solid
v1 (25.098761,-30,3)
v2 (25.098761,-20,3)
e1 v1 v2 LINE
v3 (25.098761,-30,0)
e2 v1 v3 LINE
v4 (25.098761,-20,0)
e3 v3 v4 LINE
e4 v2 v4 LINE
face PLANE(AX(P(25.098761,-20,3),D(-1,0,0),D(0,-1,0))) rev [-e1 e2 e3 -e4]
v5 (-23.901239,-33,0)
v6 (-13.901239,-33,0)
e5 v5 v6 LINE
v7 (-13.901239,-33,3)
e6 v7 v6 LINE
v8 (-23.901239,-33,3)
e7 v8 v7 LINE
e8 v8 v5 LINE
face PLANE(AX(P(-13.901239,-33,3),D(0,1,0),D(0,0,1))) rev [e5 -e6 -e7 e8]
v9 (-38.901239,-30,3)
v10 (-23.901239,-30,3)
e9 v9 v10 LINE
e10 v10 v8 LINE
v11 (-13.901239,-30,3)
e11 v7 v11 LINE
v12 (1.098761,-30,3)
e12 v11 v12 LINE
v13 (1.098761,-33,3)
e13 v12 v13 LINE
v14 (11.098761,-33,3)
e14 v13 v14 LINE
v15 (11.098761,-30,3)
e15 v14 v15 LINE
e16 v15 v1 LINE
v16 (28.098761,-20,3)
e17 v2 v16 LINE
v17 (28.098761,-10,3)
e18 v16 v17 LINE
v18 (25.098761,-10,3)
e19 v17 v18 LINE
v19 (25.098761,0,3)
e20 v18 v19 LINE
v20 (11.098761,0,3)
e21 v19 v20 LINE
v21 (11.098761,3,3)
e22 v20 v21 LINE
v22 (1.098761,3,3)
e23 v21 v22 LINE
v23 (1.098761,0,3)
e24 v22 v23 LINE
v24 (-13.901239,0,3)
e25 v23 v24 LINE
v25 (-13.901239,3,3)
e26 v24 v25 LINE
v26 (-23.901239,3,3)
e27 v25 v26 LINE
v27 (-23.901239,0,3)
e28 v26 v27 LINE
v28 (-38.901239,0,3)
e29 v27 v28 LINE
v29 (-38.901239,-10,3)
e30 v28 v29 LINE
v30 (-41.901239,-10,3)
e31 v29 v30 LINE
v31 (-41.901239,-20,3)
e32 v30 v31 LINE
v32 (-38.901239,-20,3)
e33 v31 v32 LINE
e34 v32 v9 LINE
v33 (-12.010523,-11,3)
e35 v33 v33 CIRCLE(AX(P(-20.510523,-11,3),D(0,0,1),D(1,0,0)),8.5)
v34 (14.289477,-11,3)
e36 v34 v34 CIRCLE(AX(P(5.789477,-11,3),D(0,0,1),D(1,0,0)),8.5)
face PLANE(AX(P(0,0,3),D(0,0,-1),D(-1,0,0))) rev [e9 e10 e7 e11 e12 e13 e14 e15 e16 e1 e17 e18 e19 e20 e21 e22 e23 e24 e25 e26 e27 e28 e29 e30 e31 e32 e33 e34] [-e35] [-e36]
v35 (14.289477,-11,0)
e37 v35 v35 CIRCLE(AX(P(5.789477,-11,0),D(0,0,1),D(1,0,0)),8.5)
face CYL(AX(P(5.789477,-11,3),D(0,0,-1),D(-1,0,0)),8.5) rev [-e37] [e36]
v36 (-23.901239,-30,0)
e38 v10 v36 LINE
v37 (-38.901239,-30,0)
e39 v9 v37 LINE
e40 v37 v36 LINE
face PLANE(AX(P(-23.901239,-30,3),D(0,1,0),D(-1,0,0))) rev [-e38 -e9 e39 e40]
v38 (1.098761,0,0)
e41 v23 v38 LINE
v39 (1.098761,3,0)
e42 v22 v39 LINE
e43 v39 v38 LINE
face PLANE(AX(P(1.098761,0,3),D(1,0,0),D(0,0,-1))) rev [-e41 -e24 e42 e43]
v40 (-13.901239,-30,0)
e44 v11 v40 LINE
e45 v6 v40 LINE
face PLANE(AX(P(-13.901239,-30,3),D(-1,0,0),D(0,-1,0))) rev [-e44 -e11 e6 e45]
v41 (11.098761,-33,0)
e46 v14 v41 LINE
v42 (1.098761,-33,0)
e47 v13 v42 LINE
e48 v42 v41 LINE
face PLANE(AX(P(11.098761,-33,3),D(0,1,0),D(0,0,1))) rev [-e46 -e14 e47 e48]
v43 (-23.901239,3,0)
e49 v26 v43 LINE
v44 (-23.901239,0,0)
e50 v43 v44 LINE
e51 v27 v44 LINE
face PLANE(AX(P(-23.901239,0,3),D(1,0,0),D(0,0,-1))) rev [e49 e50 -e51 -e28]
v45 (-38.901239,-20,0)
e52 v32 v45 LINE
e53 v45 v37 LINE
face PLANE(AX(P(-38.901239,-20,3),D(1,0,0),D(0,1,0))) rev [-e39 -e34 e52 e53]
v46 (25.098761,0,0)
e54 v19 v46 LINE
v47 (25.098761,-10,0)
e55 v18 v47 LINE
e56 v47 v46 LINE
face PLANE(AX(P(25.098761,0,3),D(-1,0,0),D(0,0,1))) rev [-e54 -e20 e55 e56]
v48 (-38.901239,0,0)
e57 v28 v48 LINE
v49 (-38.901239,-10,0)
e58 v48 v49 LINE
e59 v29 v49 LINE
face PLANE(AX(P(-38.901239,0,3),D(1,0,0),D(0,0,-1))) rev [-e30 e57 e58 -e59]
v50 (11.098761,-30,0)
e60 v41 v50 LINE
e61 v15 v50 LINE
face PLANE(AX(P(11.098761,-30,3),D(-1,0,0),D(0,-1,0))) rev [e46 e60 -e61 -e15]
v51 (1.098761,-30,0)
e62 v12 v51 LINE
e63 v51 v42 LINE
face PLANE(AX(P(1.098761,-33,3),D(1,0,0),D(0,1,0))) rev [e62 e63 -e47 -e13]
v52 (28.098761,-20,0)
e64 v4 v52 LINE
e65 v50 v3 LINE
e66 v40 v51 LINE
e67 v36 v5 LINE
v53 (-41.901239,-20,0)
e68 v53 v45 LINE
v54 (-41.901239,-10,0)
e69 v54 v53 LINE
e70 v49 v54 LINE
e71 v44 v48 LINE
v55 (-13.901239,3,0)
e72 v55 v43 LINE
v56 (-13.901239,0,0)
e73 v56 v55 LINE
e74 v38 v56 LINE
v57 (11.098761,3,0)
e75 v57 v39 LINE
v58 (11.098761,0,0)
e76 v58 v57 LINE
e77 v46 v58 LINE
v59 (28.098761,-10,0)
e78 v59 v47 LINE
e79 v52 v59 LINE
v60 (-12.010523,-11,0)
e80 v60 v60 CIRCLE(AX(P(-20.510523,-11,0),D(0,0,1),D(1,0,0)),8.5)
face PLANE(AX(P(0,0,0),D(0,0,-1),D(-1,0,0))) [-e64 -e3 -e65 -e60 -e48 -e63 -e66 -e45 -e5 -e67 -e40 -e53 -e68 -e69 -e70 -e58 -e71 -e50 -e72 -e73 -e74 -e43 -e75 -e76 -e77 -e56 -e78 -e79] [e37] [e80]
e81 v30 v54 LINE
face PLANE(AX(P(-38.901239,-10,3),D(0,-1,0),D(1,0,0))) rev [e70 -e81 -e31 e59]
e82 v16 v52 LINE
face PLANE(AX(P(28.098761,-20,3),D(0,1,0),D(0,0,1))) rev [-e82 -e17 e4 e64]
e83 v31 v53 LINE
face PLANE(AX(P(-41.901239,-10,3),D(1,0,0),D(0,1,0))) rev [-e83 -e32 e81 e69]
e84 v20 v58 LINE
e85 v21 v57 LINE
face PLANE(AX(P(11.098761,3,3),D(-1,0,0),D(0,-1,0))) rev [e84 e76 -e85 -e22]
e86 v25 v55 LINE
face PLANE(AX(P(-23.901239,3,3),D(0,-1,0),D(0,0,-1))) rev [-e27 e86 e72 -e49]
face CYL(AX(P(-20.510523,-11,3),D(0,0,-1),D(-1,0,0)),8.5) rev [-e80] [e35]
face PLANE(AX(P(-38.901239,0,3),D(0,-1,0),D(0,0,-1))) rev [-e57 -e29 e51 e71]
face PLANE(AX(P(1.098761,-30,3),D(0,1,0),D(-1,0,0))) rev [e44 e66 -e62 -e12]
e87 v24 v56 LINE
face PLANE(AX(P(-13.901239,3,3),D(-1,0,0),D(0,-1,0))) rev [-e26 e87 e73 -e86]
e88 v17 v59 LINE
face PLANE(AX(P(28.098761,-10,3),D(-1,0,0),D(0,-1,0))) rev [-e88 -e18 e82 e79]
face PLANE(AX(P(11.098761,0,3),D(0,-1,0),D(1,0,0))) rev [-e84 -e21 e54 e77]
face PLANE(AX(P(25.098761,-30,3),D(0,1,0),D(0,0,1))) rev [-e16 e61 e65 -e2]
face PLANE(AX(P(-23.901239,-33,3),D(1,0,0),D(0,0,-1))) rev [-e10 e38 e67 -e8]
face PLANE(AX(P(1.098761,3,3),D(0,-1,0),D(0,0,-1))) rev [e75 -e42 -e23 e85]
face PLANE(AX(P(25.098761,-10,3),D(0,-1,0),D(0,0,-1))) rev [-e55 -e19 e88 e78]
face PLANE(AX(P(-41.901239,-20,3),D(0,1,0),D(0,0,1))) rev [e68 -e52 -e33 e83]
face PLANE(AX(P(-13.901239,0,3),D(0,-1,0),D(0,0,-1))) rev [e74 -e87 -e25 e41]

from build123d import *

# Parameters (mm, degrees)
ESQUISSE1_R        = 8.5
BOSS_EXTRU_1_DEPTH = 3


with BuildPart() as part:
    # Esquisse1 → Boss.-Extru.1 (new body)
    with BuildSketch(Plane.XY):
        Polygon((-38.901238907, 0), (-23.901238907, 0), (-23.901238907, 3), (-13.901238907, 3), (-13.901238907, 0), (1.098761093, 0), (1.098761093, 3), (11.098761093, 3), (11.098761093, 0), (25.098761093, 0), (25.098761093, -10), (28.098761093, -10), (28.098761093, -20), (25.098761093, -20), (25.098761093, -30), (11.098761093, -30), (11.098761093, -33), (1.098761093, -33), (1.098761093, -30), (-13.901238907, -30), (-13.901238907, -33), (-23.901238907, -33), (-23.901238907, -30), (-38.901238907, -30), (-38.901238907, -20), (-41.901238907, -20), (-41.901238907, -10), (-38.901238907, -10), align=None)
        with Locations((-20.510522939, -11)):
            Circle(ESQUISSE1_R, mode=Mode.SUBTRACT)
        with Locations((5.789477061, -11)):
            Circle(ESQUISSE1_R, mode=Mode.SUBTRACT)
    extrude(amount=BOSS_EXTRU_1_DEPTH)


solid = part.part
